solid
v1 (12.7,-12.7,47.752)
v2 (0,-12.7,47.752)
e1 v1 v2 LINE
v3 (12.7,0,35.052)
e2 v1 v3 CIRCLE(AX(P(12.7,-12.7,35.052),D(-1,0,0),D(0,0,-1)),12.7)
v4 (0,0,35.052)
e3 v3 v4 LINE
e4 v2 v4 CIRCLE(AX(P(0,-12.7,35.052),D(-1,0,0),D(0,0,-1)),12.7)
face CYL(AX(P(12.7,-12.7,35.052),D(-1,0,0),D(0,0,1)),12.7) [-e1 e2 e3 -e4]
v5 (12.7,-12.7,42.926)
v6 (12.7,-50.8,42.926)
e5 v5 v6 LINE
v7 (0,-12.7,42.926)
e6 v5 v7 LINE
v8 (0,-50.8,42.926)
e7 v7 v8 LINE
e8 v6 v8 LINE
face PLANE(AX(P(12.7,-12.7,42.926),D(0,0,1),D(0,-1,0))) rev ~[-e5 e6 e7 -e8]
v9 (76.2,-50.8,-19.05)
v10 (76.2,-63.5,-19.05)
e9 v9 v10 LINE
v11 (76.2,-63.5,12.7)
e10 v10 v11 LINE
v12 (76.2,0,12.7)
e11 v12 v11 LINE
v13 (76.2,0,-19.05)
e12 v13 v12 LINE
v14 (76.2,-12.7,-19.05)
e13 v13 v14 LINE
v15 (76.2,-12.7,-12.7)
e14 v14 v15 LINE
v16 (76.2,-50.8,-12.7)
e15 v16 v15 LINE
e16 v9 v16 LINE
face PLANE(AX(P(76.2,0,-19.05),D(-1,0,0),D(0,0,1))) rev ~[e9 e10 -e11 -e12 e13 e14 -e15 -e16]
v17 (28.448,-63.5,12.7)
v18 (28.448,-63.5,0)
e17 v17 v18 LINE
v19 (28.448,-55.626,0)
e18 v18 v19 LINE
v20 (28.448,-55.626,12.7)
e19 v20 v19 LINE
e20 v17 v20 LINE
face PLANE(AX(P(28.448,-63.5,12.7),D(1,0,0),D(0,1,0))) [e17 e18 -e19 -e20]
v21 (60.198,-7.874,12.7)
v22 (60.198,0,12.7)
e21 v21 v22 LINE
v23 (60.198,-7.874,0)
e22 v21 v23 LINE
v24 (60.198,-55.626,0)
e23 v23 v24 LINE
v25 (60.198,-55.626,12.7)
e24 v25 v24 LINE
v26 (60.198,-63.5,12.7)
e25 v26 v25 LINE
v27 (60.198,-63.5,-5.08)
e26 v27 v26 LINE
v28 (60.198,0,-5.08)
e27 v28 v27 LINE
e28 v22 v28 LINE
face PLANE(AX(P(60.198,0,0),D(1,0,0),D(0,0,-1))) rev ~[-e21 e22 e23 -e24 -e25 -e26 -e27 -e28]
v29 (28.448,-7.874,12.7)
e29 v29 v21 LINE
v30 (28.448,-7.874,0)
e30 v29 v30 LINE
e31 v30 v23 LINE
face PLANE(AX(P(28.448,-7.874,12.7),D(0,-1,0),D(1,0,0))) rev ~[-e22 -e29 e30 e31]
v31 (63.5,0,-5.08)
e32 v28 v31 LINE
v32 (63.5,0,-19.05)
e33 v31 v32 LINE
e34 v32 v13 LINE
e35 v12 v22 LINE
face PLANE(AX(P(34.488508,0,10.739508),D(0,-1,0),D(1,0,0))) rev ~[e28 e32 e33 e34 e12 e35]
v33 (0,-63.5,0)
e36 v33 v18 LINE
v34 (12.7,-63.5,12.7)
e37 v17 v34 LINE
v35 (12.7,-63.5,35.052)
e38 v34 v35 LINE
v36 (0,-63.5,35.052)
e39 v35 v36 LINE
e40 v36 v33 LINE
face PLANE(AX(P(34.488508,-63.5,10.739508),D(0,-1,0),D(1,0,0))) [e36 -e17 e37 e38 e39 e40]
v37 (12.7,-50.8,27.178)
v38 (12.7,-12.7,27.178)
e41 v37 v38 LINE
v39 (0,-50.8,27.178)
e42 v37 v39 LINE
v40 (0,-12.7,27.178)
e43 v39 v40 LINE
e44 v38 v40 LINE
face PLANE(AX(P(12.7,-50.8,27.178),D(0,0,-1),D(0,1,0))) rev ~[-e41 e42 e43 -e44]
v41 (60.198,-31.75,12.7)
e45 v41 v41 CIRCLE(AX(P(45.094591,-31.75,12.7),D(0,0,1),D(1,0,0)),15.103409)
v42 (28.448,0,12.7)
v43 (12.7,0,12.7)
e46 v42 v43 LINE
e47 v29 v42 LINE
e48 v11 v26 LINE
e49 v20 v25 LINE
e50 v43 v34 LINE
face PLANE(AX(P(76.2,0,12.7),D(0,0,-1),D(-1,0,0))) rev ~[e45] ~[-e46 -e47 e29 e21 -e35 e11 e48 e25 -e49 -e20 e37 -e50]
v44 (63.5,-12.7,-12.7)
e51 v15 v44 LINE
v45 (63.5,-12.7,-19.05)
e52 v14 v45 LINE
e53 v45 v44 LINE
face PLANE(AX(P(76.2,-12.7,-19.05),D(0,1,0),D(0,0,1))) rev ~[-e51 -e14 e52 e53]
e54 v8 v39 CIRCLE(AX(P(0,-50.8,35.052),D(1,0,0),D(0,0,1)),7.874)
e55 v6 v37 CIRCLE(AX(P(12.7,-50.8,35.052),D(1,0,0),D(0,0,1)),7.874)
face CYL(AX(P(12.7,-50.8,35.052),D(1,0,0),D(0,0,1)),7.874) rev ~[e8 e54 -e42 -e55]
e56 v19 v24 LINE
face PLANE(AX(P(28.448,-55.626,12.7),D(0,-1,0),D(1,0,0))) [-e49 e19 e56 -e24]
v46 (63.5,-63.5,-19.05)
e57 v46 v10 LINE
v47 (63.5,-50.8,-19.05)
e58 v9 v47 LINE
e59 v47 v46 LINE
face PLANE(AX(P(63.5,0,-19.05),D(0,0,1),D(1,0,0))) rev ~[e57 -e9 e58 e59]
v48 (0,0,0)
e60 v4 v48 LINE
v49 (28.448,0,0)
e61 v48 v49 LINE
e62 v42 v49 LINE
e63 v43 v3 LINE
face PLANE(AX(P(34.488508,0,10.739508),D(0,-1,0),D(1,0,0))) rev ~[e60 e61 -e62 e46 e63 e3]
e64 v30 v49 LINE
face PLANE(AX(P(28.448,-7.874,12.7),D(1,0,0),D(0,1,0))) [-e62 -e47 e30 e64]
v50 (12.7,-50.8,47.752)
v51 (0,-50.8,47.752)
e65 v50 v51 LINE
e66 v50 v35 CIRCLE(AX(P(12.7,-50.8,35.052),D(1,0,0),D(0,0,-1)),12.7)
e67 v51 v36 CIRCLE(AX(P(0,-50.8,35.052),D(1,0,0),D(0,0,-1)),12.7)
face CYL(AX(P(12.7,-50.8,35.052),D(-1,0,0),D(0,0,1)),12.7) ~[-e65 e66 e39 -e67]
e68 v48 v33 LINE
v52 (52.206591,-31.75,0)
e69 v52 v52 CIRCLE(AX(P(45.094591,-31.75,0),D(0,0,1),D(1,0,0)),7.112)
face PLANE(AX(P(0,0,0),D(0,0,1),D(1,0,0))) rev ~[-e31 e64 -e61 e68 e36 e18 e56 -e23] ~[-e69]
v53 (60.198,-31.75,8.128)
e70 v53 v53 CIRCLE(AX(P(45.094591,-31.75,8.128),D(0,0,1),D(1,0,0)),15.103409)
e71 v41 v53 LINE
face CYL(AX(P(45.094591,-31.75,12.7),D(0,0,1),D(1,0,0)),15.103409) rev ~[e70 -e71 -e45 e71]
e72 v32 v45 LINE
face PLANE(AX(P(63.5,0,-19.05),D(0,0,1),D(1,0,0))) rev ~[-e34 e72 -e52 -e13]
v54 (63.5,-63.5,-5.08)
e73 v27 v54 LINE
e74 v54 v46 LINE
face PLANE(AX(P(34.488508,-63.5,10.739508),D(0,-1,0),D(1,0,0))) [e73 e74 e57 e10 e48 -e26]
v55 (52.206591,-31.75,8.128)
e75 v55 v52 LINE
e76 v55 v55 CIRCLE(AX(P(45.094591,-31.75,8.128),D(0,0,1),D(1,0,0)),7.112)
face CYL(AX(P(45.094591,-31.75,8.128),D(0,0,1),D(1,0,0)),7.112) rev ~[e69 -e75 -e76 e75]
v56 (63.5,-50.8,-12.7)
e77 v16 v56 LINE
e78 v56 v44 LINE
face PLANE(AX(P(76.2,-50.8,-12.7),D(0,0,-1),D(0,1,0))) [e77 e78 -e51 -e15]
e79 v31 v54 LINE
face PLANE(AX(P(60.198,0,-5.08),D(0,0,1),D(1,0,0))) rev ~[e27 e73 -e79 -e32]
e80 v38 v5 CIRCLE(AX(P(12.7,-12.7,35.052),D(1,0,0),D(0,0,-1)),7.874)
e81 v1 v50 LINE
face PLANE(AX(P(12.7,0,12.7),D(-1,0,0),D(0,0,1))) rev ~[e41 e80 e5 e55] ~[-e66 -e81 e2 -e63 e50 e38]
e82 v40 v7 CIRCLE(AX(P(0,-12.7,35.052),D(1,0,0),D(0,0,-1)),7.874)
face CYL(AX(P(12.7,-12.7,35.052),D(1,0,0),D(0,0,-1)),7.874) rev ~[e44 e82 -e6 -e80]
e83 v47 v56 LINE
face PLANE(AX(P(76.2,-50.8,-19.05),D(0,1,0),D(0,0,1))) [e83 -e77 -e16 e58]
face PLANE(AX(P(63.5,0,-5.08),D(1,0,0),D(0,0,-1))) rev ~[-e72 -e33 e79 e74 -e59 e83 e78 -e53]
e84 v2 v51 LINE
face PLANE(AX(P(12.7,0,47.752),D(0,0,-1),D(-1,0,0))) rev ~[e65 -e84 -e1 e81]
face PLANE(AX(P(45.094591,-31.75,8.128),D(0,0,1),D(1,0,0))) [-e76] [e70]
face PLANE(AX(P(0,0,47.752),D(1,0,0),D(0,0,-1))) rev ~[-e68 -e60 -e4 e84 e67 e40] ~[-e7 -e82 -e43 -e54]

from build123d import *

# Parameters (mm, degrees)
F1_DEPTH  = 63.5
F2_R      = 12.7
F3_W      = 38.1
F3_H      = 6.35
F4_DEPTH  = 25.4
F5_W      = 31.75
F5_H      = 7.874
F6_DEPTH  = 25.4
F8_R      = 15.103409
F9_DEPTH  = 4.572
F10_R     = 7.112
F11_DEPTH = 27.179
F12_DEPTH = 25.4
F13_DEPTH = 12.701


with BuildPart() as f1:
    # F0 (on Front) → F1 (new body)
    with BuildSketch(Plane.XZ):
        Polygon((0, 47.752), (0, 0), (60.198, 0), (60.198, -5.08), (63.5, -5.08), (63.5, -19.05), (76.2, -19.05), (76.2, 12.7), (12.7, 12.7), (12.7, 47.752), align=None)
    extrude(amount=F1_DEPTH)

    # F2
    f2_edges = [f1.edges().sort_by_distance(p)[0] for p in [
        (6.35, -63.5, 47.752),
        (6.35, 0, 47.752),
    ]]
    fillet(f2_edges, radius=F2_R)

    # F3 (on face) → F4 (cut)
    with BuildSketch(Plane.YZ.offset(76.2)):
        with Locations((-31.75, -15.875)):
            Rectangle(F3_W, F3_H)
    extrude(amount=-F4_DEPTH, mode=Mode.SUBTRACT)

    # F5 (on face) → F6 (cut)
    with BuildSketch(Plane.XY.offset(12.7)):
        with Locations((44.323, -59.563)):
            Rectangle(F5_W, F5_H)
        with Locations((44.323, -3.937)):
            Rectangle(F5_W, F5_H)
    extrude(amount=-F6_DEPTH, mode=Mode.SUBTRACT)

    # F8 (on face) → F9 (cut)
    with BuildSketch(Plane.XY.offset(12.7)):
        with Locations((45.094591, -31.75)):
            Circle(F8_R)
    extrude(amount=-F9_DEPTH, mode=Mode.SUBTRACT)

    # F10 (on face) → F11 (cut, through all)
    with BuildSketch(Plane.XY.offset(8.128)):
        with Locations((45.094591, -31.75)):
            Circle(F10_R)
    extrude(amount=-F11_DEPTH, mode=Mode.SUBTRACT)

    # F7 (on face) → F12 (cut)
    with BuildSketch(Plane.YZ.offset(12.7)):
        with BuildLine():
            Line((-12.7, 42.926), (-50.8, 42.926))
            ThreePointArc((-50.8, 42.926), (-58.674, 35.052), (-50.8, 27.178))
            Line((-50.8, 27.178), (-12.7, 27.178))
            ThreePointArc((-12.7, 27.178), (-4.826, 35.052), (-12.7, 42.926))
        make_face()
    extrude(amount=-F12_DEPTH, mode=Mode.SUBTRACT)

    # F7 (on face) → F13 (cut, through all)
    with BuildSketch(Plane.YZ.offset(12.7)):
        with BuildLine():
            Line((-12.7, 42.926), (-50.8, 42.926))
            ThreePointArc((-50.8, 42.926), (-58.674, 35.052), (-50.8, 27.178))
            Line((-50.8, 27.178), (-12.7, 27.178))
            ThreePointArc((-12.7, 27.178), (-4.826, 35.052), (-12.7, 42.926))
        make_face()
    extrude(amount=-F13_DEPTH, mode=Mode.SUBTRACT)


solid = f1.part
